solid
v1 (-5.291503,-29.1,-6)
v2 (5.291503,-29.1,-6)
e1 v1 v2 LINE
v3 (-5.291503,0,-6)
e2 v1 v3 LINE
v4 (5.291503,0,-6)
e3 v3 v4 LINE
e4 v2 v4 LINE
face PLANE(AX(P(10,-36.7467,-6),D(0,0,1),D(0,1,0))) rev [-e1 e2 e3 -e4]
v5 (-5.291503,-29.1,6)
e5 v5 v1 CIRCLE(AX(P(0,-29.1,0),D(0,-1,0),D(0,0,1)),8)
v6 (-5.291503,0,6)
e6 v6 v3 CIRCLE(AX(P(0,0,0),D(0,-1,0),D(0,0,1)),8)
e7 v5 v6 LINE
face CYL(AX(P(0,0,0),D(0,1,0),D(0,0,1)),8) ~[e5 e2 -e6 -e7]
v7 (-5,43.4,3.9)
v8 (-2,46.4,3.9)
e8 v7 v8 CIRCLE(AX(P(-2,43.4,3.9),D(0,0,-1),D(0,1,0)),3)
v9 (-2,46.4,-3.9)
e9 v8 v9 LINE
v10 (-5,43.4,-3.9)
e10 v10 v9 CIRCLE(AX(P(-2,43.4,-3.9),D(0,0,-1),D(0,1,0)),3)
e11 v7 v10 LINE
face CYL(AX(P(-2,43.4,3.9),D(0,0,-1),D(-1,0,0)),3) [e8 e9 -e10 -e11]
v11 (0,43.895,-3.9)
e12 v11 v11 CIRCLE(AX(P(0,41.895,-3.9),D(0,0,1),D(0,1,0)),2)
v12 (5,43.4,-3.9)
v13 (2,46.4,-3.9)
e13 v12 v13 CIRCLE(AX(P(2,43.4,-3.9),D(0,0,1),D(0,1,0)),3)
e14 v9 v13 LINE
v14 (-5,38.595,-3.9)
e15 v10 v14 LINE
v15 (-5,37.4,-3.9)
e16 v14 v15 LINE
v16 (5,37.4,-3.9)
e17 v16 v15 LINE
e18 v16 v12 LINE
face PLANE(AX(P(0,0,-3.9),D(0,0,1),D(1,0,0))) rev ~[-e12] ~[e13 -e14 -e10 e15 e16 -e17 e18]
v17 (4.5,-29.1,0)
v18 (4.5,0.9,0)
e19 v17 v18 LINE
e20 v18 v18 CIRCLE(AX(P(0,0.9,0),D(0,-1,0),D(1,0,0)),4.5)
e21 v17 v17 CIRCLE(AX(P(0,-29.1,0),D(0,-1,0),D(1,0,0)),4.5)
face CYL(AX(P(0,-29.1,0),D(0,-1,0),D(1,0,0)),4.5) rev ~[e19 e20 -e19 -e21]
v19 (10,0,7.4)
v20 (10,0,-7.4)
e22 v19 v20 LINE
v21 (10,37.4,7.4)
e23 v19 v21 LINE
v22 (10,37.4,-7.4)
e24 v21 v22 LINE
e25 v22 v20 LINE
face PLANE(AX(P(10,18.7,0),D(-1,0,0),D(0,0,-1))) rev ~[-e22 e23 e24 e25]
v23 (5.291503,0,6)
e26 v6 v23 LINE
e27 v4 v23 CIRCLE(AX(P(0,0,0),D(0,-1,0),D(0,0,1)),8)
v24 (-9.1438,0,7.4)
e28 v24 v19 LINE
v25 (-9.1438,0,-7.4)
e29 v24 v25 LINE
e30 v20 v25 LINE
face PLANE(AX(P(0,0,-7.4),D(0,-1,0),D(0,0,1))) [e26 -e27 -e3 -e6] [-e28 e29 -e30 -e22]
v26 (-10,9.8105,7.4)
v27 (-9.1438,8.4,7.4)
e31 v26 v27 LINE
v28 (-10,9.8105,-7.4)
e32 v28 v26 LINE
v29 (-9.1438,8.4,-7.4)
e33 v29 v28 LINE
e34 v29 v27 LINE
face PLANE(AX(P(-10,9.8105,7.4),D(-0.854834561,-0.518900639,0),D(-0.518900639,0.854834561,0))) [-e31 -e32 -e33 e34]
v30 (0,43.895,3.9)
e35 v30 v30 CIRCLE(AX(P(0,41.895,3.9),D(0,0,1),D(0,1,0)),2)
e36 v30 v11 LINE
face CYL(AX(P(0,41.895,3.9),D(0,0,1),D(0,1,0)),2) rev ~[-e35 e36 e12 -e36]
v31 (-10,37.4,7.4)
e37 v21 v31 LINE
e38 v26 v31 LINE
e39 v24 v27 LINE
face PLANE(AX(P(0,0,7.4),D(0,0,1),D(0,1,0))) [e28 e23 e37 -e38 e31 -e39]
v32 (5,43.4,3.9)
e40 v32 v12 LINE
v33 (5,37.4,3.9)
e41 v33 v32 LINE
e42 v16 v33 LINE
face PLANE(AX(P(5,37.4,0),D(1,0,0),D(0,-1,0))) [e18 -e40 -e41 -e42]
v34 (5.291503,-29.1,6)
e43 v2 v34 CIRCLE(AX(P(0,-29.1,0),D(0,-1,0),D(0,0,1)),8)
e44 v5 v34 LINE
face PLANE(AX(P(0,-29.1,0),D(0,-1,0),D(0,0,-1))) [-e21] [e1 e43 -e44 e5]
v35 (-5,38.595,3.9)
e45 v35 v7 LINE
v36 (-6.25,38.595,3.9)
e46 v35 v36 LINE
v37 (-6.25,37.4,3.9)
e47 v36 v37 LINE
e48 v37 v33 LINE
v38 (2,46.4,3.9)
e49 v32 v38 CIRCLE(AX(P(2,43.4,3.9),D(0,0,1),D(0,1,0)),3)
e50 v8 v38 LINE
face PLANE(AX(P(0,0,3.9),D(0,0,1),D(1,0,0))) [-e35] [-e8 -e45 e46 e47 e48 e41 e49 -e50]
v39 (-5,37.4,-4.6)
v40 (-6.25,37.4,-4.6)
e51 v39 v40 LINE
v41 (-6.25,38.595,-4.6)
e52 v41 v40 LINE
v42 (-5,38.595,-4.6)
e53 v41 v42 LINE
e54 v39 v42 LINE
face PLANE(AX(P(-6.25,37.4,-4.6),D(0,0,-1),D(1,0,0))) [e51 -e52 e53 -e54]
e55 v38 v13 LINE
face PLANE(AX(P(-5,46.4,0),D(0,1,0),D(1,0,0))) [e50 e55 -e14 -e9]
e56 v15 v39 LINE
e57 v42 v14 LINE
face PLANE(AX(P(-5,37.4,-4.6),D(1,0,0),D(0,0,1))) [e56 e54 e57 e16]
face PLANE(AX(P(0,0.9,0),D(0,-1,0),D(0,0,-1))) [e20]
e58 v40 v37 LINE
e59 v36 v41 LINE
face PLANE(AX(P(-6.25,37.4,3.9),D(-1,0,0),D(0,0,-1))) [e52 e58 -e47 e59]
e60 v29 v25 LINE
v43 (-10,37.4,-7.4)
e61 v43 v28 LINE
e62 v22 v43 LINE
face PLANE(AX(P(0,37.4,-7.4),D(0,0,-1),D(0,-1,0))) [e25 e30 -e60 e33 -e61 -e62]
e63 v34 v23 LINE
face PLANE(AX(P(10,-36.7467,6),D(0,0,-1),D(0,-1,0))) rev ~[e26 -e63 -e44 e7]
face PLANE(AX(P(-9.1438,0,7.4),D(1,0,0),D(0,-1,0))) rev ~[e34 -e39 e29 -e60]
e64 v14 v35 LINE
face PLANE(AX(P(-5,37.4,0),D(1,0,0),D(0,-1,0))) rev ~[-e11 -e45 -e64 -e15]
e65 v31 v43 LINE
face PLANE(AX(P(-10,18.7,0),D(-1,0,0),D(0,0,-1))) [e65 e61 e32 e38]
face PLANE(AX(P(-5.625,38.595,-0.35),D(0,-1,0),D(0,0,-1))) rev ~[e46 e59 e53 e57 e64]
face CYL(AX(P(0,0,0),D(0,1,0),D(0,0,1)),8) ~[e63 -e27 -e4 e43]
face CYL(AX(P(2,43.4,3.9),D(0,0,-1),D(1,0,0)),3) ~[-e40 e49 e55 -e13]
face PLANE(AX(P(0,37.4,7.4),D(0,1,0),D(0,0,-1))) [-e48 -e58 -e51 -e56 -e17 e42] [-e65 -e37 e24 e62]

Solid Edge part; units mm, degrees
sketch "Sketch1" plane through (0, 0, 0) normal (1, 0, 0) x (0, 1, 0)
  line L0 (0, 7.4) -> (37.4, 7.4)
  line L1 (37.4, 7.4) -> (37.4, -7.4)
  line L2 (37.4, -7.4) -> (0, -7.4)
  line L3 (0, -7.4) -> (0, 7.4)
  dimension "D1" = 37.4
  dimension "D2" = 14.8
extrude "Protrusion1" add sketch "Sketch1" along normal mid plane 20
sketch "Sketch2" plane through (0, 0, 0) normal (0, 0, 1) x (1, 0, 0)
  line L0 (-5, 37.4) -> (-5, 46.4)
  line L1 (-5, 46.4) -> (5, 46.4)
  line L2 (5, 37.4) -> (5, 46.4)
  dimension "D1" = 10
  dimension "D2" = 5
  dimension "D3" = 46.4
extrude "Extrusionsausprägung_2" add sketch "Sketch2" along normal mid plane 7.8 material side at (-4.95, 41.9, 0)
fillet "Verrundung_1" radius 3 2 edges at (5, 46.4, 0) (-5, 46.4, 0)
sketch "Sketch3" plane through (0, 37.4, 0) normal (0, 1, 0) x (0, 0, -1)
  line L0 (-3.9, 5) -> (-3.9, 6.25)
  line L1 (-3.9, 6.25) -> (4.6, 6.25)
  line L2 (4.6, 6.25) -> (4.6, 5)
  line L3 (4.6, 5) -> (-3.9, 5)
  dimension "D1" = 1.25
  dimension "D2" = 8.5
extrude "Extrusionsausprägung_3" add sketch "Sketch3" along normal mid plane 2.39
sketch "Sketch4" plane through (-0.625, 41.9, 3.9) normal (0, 0, 1) x (0, 1, 0)
  circle A0 centre (-0.005, -0.625) radius 2
  dimension "D1" = 3.3
extrude "Cutout1" cut sketch "Sketch4" along normal mid plane 36
sketch "Sketch5" plane through (0, 18.7, 7.4) normal (0, 0, 1) x (0, 1, 0)
  line L0 (-18.7, 9.1438) -> (-10.3, 9.1438)
  line L1 (-10.3, 9.1438) -> (-8.8895, 10)
  dimension "D1" = 29
extrude "Extrusionsausschnitt_2" cut sketch "Sketch5" along normal mid plane 87 material side at (-9.1938, 4.2, 7.4)
sketch "Sketch6" plane through (0.4281, 0, 0) normal (0, -1, 0) x (0, 0, 1)
  circle A0 centre (0, 0.4281) radius 8
extrude "Extrusionsausprägung_4" add sketch "Sketch6" along normal blind 29.1
sketch "Sketch7" plane through (10, 18.7, 0) normal (1, 0, 0) x (0, 1, 0)
  line L0 (-55.4467, 6) -> (-18.7, 6)
  line L1 (-18.7, 6) -> (-18.7, 10.4583)
extrude "Extrusionsausschnitt_3" cut sketch "Sketch7" along normal mid plane 52 material side at (10, -18.3734, 6.05)
mirror "Mirror1" about plane through (0, 0, 0) normal (0, 0, 1) of "Extrusionsausschnitt_3"
sketch "Sketch8" plane through (0, -29.1, 0) normal (0, -1, 0) x (1, 0, 0)
  circle A0 centre (0, 0) radius 4.5
  dimension "D1" = 9
extrude "Extrusionsausschnitt_5" cut sketch "Sketch8" against normal blind 30
